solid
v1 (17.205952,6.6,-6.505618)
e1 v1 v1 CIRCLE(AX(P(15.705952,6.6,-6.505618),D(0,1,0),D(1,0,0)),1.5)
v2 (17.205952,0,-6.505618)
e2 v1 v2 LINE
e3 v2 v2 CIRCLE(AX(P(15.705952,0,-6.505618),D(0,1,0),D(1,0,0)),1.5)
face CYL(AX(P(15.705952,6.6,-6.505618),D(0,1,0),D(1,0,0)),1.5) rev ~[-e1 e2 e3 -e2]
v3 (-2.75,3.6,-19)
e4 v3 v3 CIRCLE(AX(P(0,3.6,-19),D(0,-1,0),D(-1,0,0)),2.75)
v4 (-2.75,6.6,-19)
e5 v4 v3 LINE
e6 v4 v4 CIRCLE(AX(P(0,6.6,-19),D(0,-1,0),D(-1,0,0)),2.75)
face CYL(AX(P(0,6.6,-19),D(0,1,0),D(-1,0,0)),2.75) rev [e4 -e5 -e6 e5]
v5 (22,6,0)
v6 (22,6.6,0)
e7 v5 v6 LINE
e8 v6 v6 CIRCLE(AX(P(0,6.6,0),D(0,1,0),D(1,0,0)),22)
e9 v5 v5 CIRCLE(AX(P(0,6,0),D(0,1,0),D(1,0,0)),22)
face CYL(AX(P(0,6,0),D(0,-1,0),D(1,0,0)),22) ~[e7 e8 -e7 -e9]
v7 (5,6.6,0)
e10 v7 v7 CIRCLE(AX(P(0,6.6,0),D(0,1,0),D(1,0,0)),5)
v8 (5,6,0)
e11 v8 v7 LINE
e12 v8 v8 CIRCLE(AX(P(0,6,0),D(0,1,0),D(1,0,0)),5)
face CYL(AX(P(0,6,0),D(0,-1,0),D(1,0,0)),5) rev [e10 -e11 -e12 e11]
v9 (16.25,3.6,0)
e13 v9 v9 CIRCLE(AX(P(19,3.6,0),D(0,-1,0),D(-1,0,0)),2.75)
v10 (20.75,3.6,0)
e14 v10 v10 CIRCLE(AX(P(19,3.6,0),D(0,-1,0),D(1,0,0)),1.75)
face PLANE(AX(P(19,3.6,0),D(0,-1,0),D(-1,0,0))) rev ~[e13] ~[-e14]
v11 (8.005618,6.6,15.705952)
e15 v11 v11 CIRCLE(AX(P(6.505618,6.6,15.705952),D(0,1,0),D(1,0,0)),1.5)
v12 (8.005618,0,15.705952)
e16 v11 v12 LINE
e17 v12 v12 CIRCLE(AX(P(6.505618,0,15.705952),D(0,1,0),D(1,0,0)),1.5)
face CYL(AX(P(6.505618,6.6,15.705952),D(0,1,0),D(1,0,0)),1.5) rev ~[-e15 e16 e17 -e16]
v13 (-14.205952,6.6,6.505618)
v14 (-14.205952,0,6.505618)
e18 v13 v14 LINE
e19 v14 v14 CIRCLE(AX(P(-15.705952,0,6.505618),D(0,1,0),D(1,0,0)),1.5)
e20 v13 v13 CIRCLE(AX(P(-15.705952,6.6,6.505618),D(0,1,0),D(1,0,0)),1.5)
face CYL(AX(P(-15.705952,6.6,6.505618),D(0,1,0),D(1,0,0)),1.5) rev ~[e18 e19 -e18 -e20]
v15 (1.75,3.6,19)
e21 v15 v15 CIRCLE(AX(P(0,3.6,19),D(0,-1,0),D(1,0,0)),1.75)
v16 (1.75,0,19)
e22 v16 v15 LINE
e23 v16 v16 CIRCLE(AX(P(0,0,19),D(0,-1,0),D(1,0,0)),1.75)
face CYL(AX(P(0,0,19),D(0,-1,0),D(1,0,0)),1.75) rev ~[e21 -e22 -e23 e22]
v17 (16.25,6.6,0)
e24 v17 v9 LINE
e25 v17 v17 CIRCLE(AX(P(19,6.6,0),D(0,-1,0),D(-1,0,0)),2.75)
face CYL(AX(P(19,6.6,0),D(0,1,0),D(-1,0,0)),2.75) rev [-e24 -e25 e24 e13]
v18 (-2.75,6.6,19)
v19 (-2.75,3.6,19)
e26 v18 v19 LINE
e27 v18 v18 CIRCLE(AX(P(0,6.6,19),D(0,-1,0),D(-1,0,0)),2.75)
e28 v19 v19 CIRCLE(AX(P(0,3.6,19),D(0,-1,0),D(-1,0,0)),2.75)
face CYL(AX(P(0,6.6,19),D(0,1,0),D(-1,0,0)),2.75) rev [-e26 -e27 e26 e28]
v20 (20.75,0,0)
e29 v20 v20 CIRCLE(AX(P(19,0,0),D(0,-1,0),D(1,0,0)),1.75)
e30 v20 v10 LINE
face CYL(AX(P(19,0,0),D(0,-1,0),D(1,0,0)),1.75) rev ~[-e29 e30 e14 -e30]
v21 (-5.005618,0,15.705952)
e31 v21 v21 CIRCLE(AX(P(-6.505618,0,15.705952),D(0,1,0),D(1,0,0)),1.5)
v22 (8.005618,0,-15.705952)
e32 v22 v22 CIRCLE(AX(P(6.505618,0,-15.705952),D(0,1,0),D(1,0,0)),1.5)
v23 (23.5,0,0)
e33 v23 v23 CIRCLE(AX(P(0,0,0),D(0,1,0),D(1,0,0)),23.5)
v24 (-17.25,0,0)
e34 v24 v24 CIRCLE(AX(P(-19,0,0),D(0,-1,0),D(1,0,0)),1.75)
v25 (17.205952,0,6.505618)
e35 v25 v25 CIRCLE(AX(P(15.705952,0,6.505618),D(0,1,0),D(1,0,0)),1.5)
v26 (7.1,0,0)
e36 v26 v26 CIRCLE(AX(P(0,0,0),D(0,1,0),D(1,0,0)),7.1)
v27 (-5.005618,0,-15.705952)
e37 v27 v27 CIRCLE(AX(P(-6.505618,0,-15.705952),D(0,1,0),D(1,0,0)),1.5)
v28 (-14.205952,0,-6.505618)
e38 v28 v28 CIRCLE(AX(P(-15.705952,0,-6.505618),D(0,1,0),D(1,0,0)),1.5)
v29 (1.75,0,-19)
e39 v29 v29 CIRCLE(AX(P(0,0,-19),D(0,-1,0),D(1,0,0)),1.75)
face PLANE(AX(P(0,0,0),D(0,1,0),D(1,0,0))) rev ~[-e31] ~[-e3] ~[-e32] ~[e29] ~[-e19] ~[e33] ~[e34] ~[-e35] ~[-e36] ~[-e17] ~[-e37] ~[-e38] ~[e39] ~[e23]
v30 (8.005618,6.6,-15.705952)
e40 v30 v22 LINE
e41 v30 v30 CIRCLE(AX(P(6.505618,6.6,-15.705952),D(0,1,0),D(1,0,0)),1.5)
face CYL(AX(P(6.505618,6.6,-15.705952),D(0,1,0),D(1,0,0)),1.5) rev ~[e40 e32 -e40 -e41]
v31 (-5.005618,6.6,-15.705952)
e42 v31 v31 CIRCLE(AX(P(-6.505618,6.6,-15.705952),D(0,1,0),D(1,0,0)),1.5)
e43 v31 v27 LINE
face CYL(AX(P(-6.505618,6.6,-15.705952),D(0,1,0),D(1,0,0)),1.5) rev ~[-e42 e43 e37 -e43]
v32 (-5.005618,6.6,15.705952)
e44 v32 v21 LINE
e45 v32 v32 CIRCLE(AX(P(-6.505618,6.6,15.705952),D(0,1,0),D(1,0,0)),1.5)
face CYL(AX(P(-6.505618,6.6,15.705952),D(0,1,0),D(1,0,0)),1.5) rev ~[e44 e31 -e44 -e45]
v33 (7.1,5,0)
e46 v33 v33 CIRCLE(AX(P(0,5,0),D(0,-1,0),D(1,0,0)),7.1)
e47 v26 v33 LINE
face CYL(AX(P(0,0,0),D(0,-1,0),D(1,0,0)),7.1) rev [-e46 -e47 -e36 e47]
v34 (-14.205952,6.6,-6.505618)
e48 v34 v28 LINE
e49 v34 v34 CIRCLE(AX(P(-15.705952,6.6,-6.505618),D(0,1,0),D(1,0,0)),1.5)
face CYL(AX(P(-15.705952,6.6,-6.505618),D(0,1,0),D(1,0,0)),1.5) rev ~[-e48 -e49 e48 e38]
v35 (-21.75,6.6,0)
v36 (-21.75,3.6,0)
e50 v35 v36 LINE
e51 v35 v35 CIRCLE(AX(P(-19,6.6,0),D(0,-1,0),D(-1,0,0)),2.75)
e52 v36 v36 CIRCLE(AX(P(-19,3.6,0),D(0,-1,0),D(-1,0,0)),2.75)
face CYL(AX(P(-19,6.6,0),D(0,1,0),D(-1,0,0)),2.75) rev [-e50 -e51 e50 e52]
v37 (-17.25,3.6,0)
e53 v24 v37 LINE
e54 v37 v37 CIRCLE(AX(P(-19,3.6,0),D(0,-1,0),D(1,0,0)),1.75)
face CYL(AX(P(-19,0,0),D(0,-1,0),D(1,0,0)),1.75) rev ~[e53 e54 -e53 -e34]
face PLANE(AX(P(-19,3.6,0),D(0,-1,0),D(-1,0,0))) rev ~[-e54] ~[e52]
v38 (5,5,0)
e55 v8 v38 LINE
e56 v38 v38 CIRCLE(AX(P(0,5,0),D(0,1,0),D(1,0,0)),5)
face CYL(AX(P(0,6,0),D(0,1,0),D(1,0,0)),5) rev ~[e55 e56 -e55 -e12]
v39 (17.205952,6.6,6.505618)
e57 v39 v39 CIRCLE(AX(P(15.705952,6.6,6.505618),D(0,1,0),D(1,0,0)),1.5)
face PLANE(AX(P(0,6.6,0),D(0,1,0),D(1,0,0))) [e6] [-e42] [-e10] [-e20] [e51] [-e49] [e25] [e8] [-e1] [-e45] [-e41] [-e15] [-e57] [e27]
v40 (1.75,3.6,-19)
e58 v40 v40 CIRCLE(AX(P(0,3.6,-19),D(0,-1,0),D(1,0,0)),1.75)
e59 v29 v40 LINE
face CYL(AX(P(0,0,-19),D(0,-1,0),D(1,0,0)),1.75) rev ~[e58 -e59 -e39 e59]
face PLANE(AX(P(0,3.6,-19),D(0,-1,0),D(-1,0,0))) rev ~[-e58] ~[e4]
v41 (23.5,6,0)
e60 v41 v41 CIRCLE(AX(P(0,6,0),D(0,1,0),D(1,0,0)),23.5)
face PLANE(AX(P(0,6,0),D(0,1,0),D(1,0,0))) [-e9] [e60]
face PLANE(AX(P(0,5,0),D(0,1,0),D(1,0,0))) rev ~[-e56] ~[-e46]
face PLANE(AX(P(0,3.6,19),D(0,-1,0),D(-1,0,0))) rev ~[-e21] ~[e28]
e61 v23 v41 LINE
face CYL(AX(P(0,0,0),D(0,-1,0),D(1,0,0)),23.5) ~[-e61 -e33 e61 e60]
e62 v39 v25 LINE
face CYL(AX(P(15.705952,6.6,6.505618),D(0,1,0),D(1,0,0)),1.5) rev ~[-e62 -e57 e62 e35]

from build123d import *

# Parameters (mm, degrees)
SKETCH1_R                = 23.5
SKETCH1_R_2              = 7.1
BOSS_EXTRUDE1_DEPTH      = 6
SKETCH2_R                = 22
SKETCH2_R_2              = 5
BOSS_EXTRUDE2_DEPTH      = 0.6
BOSS_EXTRUDE2_DEPTH_BACK = 1
SKETCH3_R                = 1.75
CUT_EXTRUDE1_DEPTH       = 7.6
CUT_EXTRUDE2_START       = -6.6
SKETCH4_R                = 2.75
SKETCH4_R_2              = 1.75
CUT_EXTRUDE2_DEPTH       = 3
SKETCH5_R                = 1.5
CUT_EXTRUDE3_DEPTH       = 7.6


with BuildPart() as part:
    # Sketch1 → Boss-Extrude1 (new body)
    with BuildSketch(Plane(origin=(0, 0, 0), x_dir=(1, 0, 0), z_dir=(0, 1, 0))):
        Circle(SKETCH1_R)
        Circle(SKETCH1_R_2, mode=Mode.SUBTRACT)
    extrude(amount=BOSS_EXTRUDE1_DEPTH)

    # Sketch2 → Boss-Extrude2 (add, two sides)
    with BuildSketch(Plane(origin=(0, 6, 0), x_dir=(1, 0, 0), z_dir=(0, 1, 0))) as boss_extrude2_sk:
        Circle(SKETCH2_R)
        Circle(SKETCH2_R_2, mode=Mode.SUBTRACT)
    extrude(amount=BOSS_EXTRUDE2_DEPTH)
    extrude(boss_extrude2_sk.sketch, amount=-BOSS_EXTRUDE2_DEPTH_BACK)

    # Sketch3 → Cut-Extrude1 (cut, through all)
    with BuildSketch(Plane.XZ):
        with Locations((0, 19)):
            Circle(SKETCH3_R)
        with Locations((19, 0)):
            Circle(SKETCH3_R)
        with Locations((0, -19)):
            Circle(SKETCH3_R)
        with Locations((-19, 0)):
            Circle(SKETCH3_R)
    extrude(amount=-CUT_EXTRUDE1_DEPTH, mode=Mode.SUBTRACT)

    # Sketch4 → Cut-Extrude2 (cut)
    with BuildSketch(Plane(origin=(0, 0, 0), x_dir=(-1, 0, 0), z_dir=(0, -1, 0)).offset(CUT_EXTRUDE2_START)):
        with Locations((0, 19)):
            Circle(SKETCH4_R)
        with Locations((0, 19)):
            Circle(SKETCH4_R_2, mode=Mode.SUBTRACT)
        with Locations((19, 0)):
            Circle(SKETCH4_R)
        with Locations((19, 0)):
            Circle(SKETCH4_R_2, mode=Mode.SUBTRACT)
        with Locations((-19, 0)):
            Circle(SKETCH4_R)
        with Locations((-19, 0)):
            Circle(SKETCH4_R_2, mode=Mode.SUBTRACT)
        with Locations((0, -19)):
            Circle(SKETCH4_R)
        with Locations((0, -19)):
            Circle(SKETCH4_R_2, mode=Mode.SUBTRACT)
    extrude(amount=CUT_EXTRUDE2_DEPTH, mode=Mode.SUBTRACT)

    # Sketch5 → Cut-Extrude3 (cut, through all)
    with BuildSketch(Plane(origin=(0, 6.6, 0), x_dir=(1, 0, 0), z_dir=(0, 1, 0))):
        with Locations((-6.50561835, 15.705952053)):
            Circle(SKETCH5_R)
        with Locations((6.50561835, 15.705952053)):
            Circle(SKETCH5_R)
        with Locations((15.705952053, 6.50561835)):
            Circle(SKETCH5_R)
        with Locations((15.705952053, -6.50561835)):
            Circle(SKETCH5_R)
        with Locations((6.50561835, -15.705952053)):
            Circle(SKETCH5_R)
        with Locations((-6.50561835, -15.705952053)):
            Circle(SKETCH5_R)
        with Locations((-15.705952053, -6.50561835)):
            Circle(SKETCH5_R)
        with Locations((-15.705952053, 6.50561835)):
            Circle(SKETCH5_R)
    extrude(amount=-CUT_EXTRUDE3_DEPTH, mode=Mode.SUBTRACT)


solid = part.part
